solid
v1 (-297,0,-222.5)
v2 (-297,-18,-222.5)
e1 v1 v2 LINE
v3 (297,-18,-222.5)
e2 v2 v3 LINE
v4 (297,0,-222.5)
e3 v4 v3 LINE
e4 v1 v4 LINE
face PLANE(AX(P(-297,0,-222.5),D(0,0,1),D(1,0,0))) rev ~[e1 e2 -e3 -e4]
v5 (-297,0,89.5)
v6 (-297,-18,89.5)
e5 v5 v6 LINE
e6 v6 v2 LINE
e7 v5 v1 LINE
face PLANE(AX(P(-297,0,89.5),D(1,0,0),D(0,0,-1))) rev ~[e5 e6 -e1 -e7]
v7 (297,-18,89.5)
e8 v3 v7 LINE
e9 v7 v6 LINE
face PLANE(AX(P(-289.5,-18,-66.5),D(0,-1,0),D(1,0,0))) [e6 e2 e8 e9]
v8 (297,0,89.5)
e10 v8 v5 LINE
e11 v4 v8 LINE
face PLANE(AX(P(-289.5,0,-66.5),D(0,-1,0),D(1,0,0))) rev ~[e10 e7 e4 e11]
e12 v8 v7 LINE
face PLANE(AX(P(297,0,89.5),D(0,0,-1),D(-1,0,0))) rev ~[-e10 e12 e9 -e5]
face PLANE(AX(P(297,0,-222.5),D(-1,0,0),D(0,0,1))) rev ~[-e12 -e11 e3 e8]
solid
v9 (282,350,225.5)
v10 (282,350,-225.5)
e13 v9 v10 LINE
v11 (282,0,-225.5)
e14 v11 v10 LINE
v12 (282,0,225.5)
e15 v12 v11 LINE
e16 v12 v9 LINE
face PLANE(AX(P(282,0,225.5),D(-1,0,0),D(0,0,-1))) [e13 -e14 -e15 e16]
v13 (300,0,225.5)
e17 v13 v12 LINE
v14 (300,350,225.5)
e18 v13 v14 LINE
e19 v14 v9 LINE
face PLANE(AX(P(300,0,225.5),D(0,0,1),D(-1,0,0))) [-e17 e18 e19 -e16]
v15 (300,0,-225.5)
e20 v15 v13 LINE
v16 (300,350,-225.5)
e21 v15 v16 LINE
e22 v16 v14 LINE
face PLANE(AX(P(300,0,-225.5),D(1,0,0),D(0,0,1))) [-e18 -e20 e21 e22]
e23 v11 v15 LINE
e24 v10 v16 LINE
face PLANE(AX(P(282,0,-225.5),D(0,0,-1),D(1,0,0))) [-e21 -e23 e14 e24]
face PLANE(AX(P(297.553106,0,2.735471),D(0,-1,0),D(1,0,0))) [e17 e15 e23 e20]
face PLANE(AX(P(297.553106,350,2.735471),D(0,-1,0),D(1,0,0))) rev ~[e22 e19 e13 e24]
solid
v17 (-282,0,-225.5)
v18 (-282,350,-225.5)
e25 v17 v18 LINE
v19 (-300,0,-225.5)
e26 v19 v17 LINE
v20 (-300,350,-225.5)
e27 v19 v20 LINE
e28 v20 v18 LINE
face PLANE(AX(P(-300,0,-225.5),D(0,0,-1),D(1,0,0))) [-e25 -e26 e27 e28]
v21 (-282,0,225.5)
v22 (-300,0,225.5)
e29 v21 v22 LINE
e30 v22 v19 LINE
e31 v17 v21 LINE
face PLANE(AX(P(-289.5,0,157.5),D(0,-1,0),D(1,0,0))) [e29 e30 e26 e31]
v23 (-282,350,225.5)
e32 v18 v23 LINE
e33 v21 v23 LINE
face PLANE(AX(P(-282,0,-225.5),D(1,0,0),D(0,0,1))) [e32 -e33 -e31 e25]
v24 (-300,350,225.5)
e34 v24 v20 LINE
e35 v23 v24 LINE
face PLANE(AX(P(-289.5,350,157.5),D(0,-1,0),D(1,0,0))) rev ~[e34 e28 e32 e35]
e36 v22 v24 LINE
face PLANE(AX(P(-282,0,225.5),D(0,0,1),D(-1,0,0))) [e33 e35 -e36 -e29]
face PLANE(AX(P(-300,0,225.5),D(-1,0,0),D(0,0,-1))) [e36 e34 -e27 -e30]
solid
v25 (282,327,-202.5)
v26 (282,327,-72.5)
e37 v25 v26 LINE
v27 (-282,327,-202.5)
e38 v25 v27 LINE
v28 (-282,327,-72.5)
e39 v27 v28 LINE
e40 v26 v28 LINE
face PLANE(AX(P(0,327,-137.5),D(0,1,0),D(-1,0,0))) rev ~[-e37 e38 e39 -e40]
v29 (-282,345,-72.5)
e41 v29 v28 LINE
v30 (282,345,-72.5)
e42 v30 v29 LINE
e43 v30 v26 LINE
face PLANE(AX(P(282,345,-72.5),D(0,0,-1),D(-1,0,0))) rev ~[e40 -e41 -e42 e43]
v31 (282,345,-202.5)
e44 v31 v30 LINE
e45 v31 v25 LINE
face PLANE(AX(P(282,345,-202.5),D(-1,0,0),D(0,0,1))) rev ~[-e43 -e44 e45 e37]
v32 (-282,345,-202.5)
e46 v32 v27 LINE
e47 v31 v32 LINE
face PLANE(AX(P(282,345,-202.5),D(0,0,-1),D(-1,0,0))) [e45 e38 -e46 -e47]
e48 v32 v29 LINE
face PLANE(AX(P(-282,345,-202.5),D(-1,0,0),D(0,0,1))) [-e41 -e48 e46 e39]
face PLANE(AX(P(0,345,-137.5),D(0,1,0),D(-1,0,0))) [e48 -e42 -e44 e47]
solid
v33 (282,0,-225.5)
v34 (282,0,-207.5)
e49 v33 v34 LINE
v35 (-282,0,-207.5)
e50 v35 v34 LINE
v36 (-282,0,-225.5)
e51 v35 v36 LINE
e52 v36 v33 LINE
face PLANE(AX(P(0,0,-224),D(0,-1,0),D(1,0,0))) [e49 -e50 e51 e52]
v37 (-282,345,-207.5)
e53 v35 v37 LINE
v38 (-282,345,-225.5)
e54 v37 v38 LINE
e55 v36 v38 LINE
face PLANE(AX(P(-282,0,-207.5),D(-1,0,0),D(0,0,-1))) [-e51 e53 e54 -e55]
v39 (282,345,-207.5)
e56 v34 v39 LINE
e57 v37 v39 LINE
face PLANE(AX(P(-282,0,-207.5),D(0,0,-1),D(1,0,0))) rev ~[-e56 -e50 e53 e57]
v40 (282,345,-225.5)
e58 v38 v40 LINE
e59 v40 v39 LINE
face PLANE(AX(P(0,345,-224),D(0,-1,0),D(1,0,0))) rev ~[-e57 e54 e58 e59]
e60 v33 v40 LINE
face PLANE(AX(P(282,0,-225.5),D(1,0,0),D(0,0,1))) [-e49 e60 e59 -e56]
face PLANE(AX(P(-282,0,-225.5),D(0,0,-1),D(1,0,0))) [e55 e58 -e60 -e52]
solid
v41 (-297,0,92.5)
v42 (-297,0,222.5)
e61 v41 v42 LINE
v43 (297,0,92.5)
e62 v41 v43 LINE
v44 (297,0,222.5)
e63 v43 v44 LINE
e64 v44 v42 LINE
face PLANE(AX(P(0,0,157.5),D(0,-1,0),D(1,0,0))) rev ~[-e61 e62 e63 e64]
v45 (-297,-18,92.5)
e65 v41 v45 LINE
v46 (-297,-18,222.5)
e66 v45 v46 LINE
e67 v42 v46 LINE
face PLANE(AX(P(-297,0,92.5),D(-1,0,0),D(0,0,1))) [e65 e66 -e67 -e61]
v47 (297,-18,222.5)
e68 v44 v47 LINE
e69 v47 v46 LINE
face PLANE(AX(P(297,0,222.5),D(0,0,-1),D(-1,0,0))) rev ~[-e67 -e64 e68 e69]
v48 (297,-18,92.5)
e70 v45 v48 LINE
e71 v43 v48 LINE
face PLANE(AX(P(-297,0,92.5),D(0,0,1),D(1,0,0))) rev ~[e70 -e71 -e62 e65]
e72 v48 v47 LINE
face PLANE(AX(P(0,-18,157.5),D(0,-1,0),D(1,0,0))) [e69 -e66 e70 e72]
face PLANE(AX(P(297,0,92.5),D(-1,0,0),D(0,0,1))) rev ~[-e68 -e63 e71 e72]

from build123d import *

# Parameters (mm, degrees)
F0_W     = 15
F0_H     = 130
F1_DEPTH = 350
F0_W_2   = 564
F0_H_2   = 3
F0_H_3   = 15
F2_DEPTH = 345
F3_W     = 564
F3_H     = 130
F4_DEPTH = 18
F0_H_4   = 162
F0_H_5   = 5
F5_DEPTH = 18


with BuildPart() as f1:
    # F0 (on Front) → F1 (new body)
    with BuildSketch(Plane.XZ):
        with Locations((-289.5, 157.5)):
            Rectangle(F0_W, F0_H)
        Polygon((-297, -222.5), (-282, -222.5), (-282, -207.5), (-282, -202.5), (-282, -72.5), (-282, 89.5), (-297, 89.5), align=None)
        Polygon((-282, 222.5), (-282, 225.5), (-300, 225.5), (-300, -225.5), (-282, -225.5), (-282, -222.5), (-297, -222.5), (-297, 89.5), (-282, 89.5), (-282, 92.5), (-297, 92.5), (-297, 222.5), align=None)
    extrude(amount=-F1_DEPTH)


with BuildPart() as f1b:
    # F0 (on Front) → F1, piece 2 (new body)
    with BuildSketch(Plane.XZ):
        Polygon((300, -225.5), (300, 225.5), (282, 225.5), (282, 222.5), (297, 222.5), (297, 92.5), (282, 92.5), (282, 89.5), (297, 89.5), (297, -222.5), (282, -222.5), (282, -225.5), align=None)
        with Locations((289.5, 157.5)):
            Rectangle(F0_W, F0_H)
        Polygon((282, -207.5), (282, -222.5), (297, -222.5), (297, 89.5), (282, 89.5), (282, -72.5), (282, -202.5), align=None)
    extrude(amount=-F1_DEPTH)


with BuildPart() as f2:
    # F0 (on Front) → F2 (new body)
    with BuildSketch(Plane.XZ):
        with Locations((0, -224)):
            Rectangle(F0_W_2, F0_H_2)
        with Locations((0, -215)):
            Rectangle(F0_W_2, F0_H_3)
    extrude(amount=-F2_DEPTH)


with BuildPart() as f4:
    # F3 (on face) → F4 (new body)
    with BuildSketch(Plane(origin=(0, 345, 0), x_dir=(-1, 0, 0), z_dir=(0, 1, 0))):
        with Locations((0, -137.5)):
            Rectangle(F3_W, F3_H)
    extrude(amount=-F4_DEPTH)


with BuildPart() as f5:
    # F0 (on Front) → F5 (new body)
    with BuildSketch(Plane.XZ):
        Polygon((-297, -222.5), (-282, -222.5), (-282, -207.5), (-282, -202.5), (-282, -72.5), (-282, 89.5), (-297, 89.5), align=None)
        with Locations((0, 8.5)):
            Rectangle(F0_W_2, F0_H_4)
        Polygon((282, -207.5), (282, -222.5), (297, -222.5), (297, 89.5), (282, 89.5), (282, -72.5), (282, -202.5), align=None)
        with Locations((0, -137.5)):
            Rectangle(F0_W_2, F0_H)
        with Locations((0, -205)):
            Rectangle(F0_W_2, F0_H_5)
        with Locations((0, -215)):
            Rectangle(F0_W_2, F0_H_3)
    extrude(amount=F5_DEPTH)


with BuildPart() as f5b:
    # F0 (on Front) → F5, piece 2 (new body)
    with BuildSketch(Plane.XZ):
        with Locations((0, 157.5)):
            Rectangle(F0_W_2, F0_H)
        with Locations((-289.5, 157.5)):
            Rectangle(F0_W, F0_H)
        with Locations((289.5, 157.5)):
            Rectangle(F0_W, F0_H)
    extrude(amount=F5_DEPTH)


solid = Compound([f1.part, f1b.part, f2.part, f4.part, f5.part, f5b.part])
